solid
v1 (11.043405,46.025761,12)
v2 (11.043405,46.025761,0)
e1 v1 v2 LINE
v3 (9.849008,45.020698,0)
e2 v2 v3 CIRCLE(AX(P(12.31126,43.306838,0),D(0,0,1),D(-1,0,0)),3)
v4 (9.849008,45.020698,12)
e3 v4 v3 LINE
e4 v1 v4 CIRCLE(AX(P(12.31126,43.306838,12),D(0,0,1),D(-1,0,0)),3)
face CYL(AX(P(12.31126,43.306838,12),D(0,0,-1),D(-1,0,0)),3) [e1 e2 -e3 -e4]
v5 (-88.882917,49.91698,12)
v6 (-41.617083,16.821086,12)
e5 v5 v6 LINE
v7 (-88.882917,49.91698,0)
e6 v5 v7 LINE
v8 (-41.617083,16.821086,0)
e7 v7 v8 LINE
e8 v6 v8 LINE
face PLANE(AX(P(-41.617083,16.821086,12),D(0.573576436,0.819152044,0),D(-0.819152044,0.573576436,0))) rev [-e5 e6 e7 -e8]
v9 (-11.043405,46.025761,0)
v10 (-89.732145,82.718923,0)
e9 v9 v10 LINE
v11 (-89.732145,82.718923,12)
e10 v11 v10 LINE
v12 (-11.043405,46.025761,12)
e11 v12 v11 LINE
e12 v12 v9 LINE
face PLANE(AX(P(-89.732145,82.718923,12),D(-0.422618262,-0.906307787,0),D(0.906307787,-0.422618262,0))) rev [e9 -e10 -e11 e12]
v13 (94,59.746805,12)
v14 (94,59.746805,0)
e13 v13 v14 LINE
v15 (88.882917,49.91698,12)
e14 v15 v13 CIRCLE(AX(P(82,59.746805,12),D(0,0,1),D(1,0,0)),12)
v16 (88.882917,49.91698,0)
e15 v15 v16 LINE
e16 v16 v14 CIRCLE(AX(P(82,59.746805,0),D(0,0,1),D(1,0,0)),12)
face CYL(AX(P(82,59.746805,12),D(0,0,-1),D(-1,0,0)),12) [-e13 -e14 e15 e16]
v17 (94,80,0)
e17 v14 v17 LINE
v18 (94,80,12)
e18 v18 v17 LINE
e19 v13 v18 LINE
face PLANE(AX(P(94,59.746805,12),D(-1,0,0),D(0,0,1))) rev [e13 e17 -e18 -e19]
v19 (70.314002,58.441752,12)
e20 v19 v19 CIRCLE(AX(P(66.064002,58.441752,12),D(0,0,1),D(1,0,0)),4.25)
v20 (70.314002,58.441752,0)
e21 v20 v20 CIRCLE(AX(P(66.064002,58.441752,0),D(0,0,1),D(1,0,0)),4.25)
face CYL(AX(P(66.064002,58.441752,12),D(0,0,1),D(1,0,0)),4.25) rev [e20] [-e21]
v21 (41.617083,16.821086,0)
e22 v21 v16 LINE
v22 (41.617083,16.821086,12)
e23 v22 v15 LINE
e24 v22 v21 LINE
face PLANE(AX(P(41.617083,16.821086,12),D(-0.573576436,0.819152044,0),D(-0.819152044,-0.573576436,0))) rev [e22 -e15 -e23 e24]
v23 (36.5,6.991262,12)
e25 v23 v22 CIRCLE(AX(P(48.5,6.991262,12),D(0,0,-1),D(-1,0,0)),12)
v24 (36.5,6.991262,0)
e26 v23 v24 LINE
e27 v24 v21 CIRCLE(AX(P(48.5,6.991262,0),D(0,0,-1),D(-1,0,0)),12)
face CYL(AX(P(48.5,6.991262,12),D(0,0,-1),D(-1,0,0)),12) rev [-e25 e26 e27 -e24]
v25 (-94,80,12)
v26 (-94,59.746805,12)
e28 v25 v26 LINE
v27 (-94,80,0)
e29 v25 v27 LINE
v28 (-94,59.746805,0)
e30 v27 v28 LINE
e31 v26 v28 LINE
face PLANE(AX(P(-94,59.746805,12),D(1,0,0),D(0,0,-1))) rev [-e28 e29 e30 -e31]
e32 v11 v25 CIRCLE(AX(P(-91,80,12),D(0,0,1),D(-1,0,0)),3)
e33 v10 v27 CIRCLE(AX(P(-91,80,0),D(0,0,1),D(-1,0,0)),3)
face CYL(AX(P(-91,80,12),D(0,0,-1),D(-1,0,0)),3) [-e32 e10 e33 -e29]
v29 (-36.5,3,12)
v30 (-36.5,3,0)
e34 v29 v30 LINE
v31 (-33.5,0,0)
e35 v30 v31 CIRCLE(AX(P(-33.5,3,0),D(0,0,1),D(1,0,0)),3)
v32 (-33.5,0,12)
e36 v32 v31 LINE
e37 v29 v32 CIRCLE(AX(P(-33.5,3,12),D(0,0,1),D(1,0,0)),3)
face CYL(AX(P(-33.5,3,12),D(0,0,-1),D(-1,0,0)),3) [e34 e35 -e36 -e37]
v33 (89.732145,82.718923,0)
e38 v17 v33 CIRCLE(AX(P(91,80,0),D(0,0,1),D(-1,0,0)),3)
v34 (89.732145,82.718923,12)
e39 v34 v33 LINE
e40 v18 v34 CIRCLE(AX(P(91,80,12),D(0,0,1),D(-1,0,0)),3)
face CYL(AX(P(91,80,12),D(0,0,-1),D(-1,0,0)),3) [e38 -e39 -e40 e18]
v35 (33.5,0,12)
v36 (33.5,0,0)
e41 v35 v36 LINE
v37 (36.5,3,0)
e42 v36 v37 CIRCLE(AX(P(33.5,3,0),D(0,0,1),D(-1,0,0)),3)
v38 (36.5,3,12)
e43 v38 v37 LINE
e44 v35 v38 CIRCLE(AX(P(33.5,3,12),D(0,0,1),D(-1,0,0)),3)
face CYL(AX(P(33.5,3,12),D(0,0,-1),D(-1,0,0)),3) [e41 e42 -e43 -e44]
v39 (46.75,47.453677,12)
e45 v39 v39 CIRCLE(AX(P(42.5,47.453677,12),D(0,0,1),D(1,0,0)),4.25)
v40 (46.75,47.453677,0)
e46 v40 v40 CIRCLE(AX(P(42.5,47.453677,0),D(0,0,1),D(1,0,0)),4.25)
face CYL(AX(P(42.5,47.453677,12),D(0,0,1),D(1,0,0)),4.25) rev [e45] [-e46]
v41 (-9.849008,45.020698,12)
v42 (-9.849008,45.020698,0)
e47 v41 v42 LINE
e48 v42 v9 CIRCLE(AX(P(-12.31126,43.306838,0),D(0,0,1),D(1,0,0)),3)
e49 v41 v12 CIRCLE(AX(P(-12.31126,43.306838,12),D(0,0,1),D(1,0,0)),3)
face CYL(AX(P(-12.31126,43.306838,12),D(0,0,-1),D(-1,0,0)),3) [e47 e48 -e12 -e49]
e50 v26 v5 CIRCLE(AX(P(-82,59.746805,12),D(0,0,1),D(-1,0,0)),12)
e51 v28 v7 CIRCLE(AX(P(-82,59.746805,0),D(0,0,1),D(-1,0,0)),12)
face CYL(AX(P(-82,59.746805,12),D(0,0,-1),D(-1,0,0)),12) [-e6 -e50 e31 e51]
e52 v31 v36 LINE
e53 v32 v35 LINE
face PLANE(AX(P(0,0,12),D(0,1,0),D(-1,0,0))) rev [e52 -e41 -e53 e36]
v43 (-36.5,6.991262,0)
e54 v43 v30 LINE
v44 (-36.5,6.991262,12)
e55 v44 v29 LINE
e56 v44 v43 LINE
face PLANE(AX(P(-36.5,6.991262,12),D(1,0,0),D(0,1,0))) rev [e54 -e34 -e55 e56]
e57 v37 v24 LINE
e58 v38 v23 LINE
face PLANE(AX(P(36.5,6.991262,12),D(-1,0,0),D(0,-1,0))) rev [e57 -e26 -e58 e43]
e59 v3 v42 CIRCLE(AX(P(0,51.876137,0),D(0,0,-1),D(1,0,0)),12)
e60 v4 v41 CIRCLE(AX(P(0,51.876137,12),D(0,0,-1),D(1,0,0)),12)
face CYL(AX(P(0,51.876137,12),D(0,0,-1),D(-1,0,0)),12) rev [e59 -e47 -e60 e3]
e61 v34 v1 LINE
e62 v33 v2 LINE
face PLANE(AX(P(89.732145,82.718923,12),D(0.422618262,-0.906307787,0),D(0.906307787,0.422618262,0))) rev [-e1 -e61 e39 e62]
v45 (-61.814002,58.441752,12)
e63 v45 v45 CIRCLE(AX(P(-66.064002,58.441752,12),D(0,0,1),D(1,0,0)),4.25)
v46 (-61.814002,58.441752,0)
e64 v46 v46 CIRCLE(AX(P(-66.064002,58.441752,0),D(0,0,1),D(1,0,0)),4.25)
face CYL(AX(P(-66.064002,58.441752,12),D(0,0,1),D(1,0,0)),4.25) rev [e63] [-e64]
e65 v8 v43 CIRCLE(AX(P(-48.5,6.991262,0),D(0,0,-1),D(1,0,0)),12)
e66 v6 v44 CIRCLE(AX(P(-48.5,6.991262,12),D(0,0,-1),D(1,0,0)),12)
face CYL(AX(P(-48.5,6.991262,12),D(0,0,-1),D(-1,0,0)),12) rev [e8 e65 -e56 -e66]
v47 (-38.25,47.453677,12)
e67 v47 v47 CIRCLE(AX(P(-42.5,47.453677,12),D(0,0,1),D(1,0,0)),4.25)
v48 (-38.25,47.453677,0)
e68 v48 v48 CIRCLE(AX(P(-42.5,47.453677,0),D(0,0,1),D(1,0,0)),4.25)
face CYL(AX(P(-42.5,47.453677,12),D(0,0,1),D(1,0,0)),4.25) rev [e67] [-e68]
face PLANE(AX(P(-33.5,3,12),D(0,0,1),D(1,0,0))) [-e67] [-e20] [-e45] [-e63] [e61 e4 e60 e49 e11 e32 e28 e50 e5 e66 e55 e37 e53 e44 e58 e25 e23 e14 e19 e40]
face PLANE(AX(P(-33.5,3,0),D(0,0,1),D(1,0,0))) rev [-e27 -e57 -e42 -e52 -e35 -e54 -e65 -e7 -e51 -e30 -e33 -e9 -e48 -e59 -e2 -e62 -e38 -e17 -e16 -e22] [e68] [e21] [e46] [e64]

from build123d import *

# Parameters (mm, degrees)
EXTRUDE1_DEPTH         = 12
M10_GEVINDHULLER_D     = 8.5
M10_GEVINDHULLER_DEPTH = 22
M10_GEVINDHULLER_TIP   = 2.553657631


with BuildPart() as part:
    # Sketch1 → Extrude1 (new body)
    with BuildSketch(Plane.XY):
        with BuildLine():
            Line((36.5, 6.991261946), (36.5, 3))
            ThreePointArc((36.5, 3), (35.621320344, 0.878679656), (33.5, 0))
            Line((33.5, 0), (0, 0))
            Line((0, 0), (-33.5, 0))
            ThreePointArc((-33.5, 0), (-35.621320344, 0.878679656), (-36.5, 3))
            Line((-36.5, 3), (-36.5, 6.991261946))
            ThreePointArc((-36.5, 6.991261946), (-37.855870002, 12.532245305), (-41.617082764, 16.821086478))
            Line((-41.617082764, 16.821086478), (-88.882917236, 49.916980075))
            ThreePointArc((-88.882917236, 49.916980075), (-92.644129998, 54.205821248), (-94, 59.746804607))
            Line((-94, 59.746804607), (-94, 80))
            ThreePointArc((-94, 80), (-92.611898825, 82.530174337), (-89.732145215, 82.718923361))
            Line((-89.732145215, 82.718923361), (-11.04340479, 46.02576109))
            ThreePointArc((-11.04340479, 46.02576109), (-10.379689702, 45.602276211), (-9.84900766, 45.020697556))
            ThreePointArc((-9.84900766, 45.020697556), (0, 39.876136865), (9.84900766, 45.020697556))
            ThreePointArc((9.84900766, 45.020697556), (10.379689702, 45.602276211), (11.04340479, 46.02576109))
            Line((11.04340479, 46.02576109), (89.732145215, 82.718923361))
            ThreePointArc((89.732145215, 82.718923361), (92.611898825, 82.530174337), (94, 80))
            Line((94, 80), (94, 59.746804607))
            ThreePointArc((94, 59.746804607), (92.644129998, 54.205821248), (88.882917236, 49.916980075))
            Line((88.882917236, 49.916980075), (41.617082764, 16.821086478))
            ThreePointArc((41.617082764, 16.821086478), (37.855870002, 12.532245305), (36.5, 6.991261946))
        make_face()
    extrude(amount=EXTRUDE1_DEPTH)

    # M10 gevindhuller
    with Locations(Plane.XY.offset(12)):
        with Locations((-66.064002463, 58.441752114), (-42.5, 47.453677309), (66.064002463, 58.441752114), (42.5, 47.453677309)):
            Hole(M10_GEVINDHULLER_D / 2, depth=M10_GEVINDHULLER_DEPTH)
            with Locations((0, 0, -(M10_GEVINDHULLER_DEPTH + M10_GEVINDHULLER_TIP / 2))):  # 118° drill point
                Cone(0, M10_GEVINDHULLER_D / 2, M10_GEVINDHULLER_TIP, mode=Mode.SUBTRACT)


solid = part.part
